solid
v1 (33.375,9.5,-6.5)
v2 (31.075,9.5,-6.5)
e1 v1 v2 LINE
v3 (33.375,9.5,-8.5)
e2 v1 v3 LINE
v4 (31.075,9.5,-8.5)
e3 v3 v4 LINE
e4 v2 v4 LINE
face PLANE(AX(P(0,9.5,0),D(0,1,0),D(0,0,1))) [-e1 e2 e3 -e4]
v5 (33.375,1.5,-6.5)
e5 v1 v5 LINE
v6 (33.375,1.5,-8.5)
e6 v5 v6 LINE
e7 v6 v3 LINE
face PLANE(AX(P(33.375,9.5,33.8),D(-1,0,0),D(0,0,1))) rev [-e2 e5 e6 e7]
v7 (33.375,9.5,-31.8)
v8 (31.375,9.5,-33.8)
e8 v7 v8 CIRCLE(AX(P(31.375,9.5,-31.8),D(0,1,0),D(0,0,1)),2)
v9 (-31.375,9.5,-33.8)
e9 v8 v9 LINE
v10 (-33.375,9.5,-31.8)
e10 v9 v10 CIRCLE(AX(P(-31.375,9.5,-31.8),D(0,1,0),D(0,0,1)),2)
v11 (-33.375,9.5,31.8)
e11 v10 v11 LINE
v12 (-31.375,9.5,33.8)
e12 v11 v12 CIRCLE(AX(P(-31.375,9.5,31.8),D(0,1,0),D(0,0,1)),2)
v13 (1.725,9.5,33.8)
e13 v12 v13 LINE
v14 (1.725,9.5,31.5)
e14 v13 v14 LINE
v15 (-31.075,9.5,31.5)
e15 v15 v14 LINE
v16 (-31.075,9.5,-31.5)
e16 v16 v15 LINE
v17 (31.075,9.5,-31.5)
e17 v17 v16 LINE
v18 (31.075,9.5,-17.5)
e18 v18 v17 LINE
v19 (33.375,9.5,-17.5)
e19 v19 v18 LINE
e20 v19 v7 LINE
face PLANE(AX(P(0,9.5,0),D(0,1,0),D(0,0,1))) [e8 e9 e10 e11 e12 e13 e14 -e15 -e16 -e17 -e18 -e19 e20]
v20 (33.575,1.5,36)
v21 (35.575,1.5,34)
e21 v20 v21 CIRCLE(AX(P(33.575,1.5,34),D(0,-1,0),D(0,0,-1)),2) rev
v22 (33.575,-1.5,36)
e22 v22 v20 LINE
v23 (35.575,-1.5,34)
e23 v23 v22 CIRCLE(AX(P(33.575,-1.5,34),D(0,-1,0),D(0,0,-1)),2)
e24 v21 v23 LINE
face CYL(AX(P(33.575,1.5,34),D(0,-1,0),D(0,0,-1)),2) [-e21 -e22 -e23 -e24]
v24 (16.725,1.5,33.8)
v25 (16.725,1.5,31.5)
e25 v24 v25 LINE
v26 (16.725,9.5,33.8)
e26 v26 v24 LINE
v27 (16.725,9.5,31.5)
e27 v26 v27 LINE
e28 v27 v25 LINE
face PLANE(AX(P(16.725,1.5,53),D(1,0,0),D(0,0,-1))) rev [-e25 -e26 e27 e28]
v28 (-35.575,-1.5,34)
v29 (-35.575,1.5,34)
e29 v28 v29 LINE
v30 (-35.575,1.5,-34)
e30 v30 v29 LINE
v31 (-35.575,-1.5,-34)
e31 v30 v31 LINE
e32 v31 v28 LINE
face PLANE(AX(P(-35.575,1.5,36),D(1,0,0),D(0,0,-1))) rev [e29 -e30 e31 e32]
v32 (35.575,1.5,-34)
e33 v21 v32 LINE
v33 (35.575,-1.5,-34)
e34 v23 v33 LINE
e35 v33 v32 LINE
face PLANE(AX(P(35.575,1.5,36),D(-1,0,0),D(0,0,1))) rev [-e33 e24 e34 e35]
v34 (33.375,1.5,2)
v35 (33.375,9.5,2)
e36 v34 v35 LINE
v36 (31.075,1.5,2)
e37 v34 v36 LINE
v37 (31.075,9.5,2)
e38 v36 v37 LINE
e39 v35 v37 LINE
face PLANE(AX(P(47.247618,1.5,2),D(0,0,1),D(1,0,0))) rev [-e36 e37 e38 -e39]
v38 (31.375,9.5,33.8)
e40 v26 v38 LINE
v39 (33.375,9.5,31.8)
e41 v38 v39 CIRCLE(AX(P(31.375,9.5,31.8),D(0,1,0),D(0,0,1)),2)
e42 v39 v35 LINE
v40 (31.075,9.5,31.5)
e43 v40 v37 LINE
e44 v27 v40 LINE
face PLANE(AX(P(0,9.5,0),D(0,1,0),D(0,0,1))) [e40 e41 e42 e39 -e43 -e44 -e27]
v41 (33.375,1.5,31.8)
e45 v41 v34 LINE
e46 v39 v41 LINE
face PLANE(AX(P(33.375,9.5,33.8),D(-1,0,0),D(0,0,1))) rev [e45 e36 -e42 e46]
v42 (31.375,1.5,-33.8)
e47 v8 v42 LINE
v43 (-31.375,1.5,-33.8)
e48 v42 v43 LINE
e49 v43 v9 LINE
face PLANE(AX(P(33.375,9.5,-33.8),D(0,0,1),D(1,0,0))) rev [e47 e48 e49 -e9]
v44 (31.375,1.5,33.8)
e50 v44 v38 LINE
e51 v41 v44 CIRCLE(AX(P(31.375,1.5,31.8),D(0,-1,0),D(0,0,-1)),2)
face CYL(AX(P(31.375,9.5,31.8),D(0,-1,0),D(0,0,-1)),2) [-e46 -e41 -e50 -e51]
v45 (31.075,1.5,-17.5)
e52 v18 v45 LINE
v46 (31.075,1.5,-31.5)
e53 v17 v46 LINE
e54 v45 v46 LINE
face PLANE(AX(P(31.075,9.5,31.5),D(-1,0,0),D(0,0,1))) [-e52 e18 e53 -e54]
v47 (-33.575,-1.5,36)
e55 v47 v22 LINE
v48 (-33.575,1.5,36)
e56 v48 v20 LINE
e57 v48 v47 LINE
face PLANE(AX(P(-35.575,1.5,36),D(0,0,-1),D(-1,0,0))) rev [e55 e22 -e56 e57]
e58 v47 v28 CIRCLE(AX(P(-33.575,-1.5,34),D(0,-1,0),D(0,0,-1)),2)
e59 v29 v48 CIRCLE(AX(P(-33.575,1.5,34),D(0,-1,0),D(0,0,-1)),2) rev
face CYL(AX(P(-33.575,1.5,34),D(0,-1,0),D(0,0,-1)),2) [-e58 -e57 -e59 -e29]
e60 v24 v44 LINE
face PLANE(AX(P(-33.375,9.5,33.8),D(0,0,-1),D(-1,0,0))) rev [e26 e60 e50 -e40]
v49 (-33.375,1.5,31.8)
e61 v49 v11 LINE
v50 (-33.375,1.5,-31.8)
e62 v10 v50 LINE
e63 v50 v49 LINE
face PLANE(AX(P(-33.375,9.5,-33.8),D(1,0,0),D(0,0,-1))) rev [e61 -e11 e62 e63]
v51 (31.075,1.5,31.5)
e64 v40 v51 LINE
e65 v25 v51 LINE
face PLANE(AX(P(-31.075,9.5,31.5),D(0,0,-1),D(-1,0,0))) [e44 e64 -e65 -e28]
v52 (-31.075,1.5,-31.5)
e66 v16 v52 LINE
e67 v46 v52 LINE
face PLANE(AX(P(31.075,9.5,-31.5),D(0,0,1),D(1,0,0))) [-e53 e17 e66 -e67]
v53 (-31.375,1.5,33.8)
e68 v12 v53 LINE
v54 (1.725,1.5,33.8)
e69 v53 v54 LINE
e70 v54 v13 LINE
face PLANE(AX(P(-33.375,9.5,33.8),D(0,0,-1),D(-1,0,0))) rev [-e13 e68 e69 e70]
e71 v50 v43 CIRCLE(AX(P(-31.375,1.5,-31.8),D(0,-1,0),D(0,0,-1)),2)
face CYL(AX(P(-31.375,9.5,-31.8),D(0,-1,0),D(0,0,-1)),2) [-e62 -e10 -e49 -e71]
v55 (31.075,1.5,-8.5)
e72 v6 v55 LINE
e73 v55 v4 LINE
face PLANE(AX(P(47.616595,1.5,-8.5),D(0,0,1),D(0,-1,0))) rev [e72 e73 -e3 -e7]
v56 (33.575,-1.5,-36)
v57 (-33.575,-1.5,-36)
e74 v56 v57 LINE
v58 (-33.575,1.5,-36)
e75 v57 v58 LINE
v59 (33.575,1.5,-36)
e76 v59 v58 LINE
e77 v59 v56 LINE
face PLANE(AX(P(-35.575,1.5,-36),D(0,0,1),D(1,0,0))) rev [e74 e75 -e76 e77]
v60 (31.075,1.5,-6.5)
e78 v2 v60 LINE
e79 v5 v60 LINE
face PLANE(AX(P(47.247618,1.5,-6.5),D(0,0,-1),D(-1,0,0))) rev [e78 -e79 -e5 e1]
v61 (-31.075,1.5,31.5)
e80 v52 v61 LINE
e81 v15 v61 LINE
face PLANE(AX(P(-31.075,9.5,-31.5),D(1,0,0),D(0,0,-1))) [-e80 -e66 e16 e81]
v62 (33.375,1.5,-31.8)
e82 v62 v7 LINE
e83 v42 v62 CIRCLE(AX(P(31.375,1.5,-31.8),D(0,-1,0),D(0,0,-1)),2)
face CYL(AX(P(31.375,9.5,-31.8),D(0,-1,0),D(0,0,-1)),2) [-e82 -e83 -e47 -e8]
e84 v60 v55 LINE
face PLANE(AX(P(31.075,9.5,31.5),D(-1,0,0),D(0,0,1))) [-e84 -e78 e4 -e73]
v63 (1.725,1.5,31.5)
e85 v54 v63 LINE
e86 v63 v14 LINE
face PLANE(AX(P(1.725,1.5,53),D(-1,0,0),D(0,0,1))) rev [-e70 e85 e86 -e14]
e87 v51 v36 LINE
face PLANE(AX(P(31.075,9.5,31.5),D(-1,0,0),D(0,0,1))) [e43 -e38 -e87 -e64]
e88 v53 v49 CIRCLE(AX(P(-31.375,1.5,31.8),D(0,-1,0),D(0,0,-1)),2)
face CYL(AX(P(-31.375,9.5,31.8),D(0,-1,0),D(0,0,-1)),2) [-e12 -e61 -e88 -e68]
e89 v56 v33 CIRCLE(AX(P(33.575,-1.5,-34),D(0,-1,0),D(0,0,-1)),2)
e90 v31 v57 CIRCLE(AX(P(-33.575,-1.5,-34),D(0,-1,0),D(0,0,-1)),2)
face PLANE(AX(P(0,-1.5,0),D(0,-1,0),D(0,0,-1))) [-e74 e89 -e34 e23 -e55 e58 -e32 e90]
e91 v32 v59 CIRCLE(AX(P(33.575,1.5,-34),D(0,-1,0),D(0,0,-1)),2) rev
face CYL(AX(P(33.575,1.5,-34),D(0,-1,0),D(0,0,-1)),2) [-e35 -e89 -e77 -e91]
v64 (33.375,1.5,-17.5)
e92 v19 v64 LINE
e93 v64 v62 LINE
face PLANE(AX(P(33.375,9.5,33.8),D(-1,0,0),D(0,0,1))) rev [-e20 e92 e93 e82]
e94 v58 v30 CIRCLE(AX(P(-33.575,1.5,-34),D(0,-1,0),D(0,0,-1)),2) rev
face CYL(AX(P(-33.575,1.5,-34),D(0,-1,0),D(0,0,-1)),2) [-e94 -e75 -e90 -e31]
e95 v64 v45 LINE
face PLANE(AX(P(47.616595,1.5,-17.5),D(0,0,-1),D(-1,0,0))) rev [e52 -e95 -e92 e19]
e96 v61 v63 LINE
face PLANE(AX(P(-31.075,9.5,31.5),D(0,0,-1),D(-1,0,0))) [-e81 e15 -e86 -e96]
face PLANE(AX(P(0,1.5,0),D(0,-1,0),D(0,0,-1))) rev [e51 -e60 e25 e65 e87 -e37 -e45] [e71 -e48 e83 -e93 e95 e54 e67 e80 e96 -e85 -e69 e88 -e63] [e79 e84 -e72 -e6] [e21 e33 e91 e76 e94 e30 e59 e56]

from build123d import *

# Parameters (mm, degrees)
ESBO_O1_W                = 71.15
ESBO_O1_H                = 72
RESSALTO_EXTRUS_O1_DEPTH = 1.5
ESBO_O2_W                = 66.75
ESBO_O2_H                = 67.6
ESBO_O2_W_2              = 62.15
ESBO_O2_H_2              = 63
RESSALTO_EXTRUS_O2_DEPTH = 8
FILETE1_R                = 2
ESBO_O3_W                = 9
ESBO_O3_H                = 8
CORTE_EXTRUS_O1_DEPTH    = 4.5
ESBO_O4_W                = 8.5
ESBO_O4_H                = 8
CORTE_EXTRUS_O2_DEPTH    = 4.5
ESBO_O5_W                = 15
ESBO_O5_H                = 8
CORTE_EXTRUS_O3_DEPTH    = 4.5


with BuildPart() as part:
    # Esboço1 → Ressalto-extrusão1 (new body, symmetric)
    with BuildSketch(Plane(origin=(0, 0, 0), x_dir=(1, 0, 0), z_dir=(0, 1, 0))):
        Rectangle(ESBO_O1_W, ESBO_O1_H)
    extrude(amount=RESSALTO_EXTRUS_O1_DEPTH, both=True)

    # Esboço2 → Ressalto-extrusão2 (add)
    with BuildSketch(Plane(origin=(0, 1.5, 0), x_dir=(1, 0, 0), z_dir=(0, 1, 0))):
        Rectangle(ESBO_O2_W, ESBO_O2_H)
        Rectangle(ESBO_O2_W_2, ESBO_O2_H_2, mode=Mode.SUBTRACT)
    extrude(amount=RESSALTO_EXTRUS_O2_DEPTH)

    # Filete1
    filete1_edges = [part.edges().sort_by_distance(p)[0] for p in [
        (-33.375, 5.5, 33.8),
        (33.375, 5.5, 33.8),
        (33.375, 5.5, -33.8),
        (-33.375, 5.5, -33.8),
        (35.575, 0, 36),
        (-35.575, 0, 36),
        (-35.575, 0, -36),
        (35.575, 0, -36),
    ]]
    fillet(filete1_edges, radius=FILETE1_R)

    # Esboço3 → Corte-extrusão1 (cut)
    with BuildSketch(Plane.ZY.offset(-31.075)):
        with Locations((-13, 5.5)):
            Rectangle(ESBO_O3_W, ESBO_O3_H)
    extrude(amount=-CORTE_EXTRUS_O1_DEPTH, mode=Mode.SUBTRACT)

    # Esboço4 → Corte-extrusão2 (cut)
    with BuildSketch(Plane.ZY.offset(-31.075)):
        with Locations((-2.25, 5.5)):
            Rectangle(ESBO_O4_W, ESBO_O4_H)
    extrude(amount=-CORTE_EXTRUS_O2_DEPTH, mode=Mode.SUBTRACT)

    # Esboço5 → Corte-extrusão3 (cut)
    with BuildSketch(Plane(origin=(0, 0, 31.5), x_dir=(-1, 0, 0), z_dir=(0, 0, -1))):
        with Locations((-9.225, 5.5)):
            Rectangle(ESBO_O5_W, ESBO_O5_H)
    extrude(amount=-CORTE_EXTRUS_O3_DEPTH, mode=Mode.SUBTRACT)


solid = part.part
